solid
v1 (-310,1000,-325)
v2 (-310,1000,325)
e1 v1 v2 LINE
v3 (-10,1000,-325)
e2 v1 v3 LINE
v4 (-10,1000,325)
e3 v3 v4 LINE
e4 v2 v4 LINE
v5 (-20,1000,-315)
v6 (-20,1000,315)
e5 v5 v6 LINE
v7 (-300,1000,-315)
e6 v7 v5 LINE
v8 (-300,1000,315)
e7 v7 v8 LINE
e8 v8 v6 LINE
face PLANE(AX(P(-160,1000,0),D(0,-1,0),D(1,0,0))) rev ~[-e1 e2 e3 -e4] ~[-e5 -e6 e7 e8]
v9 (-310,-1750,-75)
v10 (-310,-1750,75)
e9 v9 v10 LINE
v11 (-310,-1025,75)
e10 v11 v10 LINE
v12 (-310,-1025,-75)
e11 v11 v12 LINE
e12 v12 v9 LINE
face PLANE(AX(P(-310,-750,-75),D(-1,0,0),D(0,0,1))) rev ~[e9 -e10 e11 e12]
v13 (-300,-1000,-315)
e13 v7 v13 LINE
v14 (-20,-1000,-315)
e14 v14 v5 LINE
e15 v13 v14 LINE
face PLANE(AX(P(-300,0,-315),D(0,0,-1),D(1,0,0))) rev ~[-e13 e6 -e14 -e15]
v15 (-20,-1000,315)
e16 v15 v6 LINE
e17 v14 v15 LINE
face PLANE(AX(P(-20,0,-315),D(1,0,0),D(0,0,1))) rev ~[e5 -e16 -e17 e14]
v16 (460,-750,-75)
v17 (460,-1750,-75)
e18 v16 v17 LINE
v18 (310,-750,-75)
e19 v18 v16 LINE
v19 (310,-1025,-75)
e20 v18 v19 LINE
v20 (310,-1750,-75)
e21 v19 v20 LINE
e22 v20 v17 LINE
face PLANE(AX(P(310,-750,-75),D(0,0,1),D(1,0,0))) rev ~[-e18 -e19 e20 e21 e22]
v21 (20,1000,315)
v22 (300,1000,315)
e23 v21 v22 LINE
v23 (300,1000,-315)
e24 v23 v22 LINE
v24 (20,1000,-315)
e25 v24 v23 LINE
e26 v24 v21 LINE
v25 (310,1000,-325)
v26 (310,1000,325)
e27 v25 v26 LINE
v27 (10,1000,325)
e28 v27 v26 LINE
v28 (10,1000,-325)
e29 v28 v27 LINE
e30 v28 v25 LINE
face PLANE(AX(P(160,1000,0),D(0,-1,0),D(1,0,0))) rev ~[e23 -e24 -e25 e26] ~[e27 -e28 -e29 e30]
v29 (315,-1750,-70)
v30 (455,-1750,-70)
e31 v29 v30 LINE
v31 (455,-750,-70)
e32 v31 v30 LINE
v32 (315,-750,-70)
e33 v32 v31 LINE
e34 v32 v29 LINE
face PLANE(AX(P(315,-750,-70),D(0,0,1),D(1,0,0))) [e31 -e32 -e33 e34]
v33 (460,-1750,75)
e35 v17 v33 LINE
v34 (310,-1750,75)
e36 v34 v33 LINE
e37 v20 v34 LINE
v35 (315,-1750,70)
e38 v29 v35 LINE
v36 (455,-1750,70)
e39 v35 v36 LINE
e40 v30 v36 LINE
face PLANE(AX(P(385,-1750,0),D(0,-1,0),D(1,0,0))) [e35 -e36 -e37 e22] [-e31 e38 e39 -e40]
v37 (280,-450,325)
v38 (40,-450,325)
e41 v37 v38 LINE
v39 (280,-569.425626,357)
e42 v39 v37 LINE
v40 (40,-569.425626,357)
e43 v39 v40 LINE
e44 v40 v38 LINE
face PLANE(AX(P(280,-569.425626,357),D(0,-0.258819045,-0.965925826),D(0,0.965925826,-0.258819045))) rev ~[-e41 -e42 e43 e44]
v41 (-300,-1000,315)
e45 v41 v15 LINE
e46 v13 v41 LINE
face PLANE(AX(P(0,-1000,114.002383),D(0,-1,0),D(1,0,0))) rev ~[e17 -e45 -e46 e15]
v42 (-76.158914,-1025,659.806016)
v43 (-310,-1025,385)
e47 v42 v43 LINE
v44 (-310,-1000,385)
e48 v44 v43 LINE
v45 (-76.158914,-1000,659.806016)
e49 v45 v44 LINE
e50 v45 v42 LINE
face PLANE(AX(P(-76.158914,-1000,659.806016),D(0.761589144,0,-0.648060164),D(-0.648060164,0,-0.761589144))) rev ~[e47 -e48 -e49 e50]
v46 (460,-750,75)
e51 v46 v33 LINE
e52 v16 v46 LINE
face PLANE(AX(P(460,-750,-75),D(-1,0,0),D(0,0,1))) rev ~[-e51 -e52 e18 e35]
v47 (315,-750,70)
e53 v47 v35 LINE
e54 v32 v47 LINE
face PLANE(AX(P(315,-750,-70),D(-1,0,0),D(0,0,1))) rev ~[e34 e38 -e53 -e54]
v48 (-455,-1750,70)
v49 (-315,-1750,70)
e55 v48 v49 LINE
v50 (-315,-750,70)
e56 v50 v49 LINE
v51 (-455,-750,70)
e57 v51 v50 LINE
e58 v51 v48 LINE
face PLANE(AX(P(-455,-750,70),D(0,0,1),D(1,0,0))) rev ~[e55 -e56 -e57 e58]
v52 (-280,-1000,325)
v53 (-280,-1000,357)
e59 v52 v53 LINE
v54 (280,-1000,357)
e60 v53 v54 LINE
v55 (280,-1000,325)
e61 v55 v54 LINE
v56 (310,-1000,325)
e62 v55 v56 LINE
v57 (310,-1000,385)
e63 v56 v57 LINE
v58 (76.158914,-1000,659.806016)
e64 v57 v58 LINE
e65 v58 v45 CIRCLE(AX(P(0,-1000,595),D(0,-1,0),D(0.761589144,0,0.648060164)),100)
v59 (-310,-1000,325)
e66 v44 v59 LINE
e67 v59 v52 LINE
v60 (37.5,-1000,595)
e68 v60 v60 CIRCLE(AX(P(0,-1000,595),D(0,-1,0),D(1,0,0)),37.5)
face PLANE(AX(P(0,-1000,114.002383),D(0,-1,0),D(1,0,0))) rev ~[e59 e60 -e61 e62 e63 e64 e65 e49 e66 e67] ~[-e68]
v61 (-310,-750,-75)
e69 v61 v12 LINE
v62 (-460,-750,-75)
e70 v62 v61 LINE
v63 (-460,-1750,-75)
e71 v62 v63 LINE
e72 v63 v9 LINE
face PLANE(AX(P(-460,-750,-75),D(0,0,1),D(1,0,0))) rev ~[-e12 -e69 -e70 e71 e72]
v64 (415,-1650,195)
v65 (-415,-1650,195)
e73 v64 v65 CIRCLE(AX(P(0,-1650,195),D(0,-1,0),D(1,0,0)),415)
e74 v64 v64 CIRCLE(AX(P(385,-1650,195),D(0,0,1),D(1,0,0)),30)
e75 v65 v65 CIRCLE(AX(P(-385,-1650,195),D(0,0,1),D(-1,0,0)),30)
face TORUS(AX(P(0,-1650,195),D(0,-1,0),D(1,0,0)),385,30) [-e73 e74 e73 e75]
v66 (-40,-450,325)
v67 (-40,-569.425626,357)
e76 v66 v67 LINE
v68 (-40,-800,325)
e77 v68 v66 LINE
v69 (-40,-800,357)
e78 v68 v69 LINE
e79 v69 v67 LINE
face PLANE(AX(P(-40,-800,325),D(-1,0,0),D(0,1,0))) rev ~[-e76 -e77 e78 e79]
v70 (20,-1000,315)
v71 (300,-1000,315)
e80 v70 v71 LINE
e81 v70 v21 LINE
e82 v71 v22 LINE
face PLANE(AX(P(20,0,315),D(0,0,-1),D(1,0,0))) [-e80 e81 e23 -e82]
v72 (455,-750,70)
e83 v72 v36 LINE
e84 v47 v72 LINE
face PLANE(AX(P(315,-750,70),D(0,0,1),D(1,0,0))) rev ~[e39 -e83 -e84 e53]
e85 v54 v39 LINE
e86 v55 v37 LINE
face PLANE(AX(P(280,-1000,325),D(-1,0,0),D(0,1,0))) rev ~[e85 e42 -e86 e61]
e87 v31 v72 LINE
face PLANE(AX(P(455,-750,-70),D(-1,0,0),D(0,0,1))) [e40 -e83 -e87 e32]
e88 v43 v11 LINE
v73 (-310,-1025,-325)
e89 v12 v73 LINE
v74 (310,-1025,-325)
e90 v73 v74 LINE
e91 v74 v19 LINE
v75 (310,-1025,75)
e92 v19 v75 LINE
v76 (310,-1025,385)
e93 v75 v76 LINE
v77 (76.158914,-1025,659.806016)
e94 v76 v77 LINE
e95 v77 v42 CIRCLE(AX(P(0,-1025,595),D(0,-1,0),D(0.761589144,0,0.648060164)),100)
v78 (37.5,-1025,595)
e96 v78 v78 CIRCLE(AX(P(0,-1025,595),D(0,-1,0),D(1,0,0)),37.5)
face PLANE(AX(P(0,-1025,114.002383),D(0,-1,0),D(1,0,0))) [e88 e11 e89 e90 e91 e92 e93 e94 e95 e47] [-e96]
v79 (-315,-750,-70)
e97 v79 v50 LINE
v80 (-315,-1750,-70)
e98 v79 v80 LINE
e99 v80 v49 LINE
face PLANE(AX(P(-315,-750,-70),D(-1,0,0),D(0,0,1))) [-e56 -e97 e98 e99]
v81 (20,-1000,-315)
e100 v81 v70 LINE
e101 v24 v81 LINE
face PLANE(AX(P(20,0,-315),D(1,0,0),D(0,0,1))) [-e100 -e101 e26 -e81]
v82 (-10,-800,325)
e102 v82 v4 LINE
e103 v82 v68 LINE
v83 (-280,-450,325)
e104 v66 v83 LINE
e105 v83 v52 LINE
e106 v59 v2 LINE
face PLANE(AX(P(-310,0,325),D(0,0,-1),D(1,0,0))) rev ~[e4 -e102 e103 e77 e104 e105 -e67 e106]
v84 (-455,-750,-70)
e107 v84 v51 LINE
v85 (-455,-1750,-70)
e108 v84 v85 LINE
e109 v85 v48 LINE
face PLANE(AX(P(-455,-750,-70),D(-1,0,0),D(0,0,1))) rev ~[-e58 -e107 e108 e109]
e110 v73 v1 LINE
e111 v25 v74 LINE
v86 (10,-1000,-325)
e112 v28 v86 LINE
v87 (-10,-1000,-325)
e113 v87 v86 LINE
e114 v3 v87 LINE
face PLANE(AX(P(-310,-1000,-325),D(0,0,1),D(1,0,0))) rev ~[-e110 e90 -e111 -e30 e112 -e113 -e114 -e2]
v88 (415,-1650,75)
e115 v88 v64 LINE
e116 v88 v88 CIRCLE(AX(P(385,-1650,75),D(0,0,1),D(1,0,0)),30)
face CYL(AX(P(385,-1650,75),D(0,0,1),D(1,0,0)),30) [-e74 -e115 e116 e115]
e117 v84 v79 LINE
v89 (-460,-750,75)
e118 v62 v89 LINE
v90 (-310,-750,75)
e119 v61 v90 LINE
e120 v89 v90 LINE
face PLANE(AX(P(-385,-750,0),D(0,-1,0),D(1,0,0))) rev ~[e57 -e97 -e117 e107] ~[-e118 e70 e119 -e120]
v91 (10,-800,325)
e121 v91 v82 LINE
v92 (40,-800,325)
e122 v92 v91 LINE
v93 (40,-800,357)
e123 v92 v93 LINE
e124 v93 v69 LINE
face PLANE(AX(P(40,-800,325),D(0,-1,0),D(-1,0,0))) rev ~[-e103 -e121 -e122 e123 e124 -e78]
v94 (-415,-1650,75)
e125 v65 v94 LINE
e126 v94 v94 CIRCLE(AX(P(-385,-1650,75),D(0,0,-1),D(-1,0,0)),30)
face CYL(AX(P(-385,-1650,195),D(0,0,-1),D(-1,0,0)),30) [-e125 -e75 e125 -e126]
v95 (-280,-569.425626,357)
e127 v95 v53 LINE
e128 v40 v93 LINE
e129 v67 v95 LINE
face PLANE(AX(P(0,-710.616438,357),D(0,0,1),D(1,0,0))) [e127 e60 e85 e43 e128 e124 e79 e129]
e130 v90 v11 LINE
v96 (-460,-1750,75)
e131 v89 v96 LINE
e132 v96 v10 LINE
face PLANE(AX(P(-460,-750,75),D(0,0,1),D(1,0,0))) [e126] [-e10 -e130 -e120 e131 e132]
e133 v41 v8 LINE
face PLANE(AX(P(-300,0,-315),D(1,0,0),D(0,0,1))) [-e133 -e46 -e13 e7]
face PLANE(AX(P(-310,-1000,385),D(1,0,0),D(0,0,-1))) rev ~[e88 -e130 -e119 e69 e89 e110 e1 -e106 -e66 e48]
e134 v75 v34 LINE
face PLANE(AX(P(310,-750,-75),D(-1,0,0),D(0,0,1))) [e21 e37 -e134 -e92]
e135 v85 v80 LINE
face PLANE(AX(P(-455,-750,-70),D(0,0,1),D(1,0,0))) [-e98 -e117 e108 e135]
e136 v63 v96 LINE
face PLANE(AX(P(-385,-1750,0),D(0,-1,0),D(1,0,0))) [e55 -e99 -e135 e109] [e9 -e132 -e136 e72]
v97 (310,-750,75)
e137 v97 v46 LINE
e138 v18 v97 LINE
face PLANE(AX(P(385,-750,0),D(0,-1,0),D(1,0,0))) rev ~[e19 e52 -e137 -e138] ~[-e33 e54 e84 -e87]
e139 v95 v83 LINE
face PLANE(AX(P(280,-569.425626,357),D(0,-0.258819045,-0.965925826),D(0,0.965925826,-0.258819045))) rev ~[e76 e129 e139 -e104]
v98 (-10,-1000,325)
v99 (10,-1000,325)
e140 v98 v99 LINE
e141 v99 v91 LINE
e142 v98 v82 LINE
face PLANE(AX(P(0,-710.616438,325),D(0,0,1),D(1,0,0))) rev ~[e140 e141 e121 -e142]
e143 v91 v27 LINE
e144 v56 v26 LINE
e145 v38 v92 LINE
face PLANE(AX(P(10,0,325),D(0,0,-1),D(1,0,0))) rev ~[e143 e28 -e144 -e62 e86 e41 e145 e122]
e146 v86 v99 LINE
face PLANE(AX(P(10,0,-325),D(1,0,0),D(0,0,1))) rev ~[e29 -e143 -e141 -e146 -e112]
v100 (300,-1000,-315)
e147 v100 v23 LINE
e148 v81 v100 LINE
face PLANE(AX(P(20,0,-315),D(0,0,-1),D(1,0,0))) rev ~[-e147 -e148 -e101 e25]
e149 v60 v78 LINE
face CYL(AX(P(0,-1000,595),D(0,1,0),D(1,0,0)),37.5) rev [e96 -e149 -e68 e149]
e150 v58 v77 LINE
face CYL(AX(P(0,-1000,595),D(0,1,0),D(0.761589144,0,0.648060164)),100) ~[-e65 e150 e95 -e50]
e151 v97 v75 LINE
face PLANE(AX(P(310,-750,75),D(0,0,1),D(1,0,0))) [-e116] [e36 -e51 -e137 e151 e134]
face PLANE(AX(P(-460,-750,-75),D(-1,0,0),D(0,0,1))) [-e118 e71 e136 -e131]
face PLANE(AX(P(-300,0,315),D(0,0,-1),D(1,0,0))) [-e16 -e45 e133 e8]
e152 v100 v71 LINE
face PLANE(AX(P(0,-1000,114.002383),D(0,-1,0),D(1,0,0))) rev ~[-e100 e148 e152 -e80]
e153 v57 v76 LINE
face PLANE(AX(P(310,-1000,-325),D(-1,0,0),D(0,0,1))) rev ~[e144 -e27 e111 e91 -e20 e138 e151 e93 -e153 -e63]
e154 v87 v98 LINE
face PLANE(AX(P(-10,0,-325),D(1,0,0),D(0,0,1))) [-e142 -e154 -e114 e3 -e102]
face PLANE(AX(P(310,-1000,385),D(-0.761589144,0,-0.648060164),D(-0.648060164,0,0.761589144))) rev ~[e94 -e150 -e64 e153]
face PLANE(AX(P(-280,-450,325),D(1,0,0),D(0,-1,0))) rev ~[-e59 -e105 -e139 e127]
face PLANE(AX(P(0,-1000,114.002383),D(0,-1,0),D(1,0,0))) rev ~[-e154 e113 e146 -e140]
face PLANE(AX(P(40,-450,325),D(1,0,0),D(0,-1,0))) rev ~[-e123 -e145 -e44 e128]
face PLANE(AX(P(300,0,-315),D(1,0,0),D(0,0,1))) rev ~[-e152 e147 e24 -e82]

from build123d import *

# Parameters (mm, degrees)
F0_W      = 300
F0_H      = 650
F0_W_2    = 280
F0_H_2    = 630
F1_DEPTH  = 1000
F3_DEPTH  = 32
F5_DEPTH  = 560
F6_R      = 37.5
F7_DEPTH  = 25
F10_W     = 150
F10_H     = 150
F10_W_2   = 140
F10_H_2   = 140
F11_DEPTH = 1000
F12_R     = 30


with BuildPart() as f1:
    # F0 (on Front) → F1 (new body, symmetric)
    with BuildSketch(Plane.XZ):
        with Locations((-160, 0)):
            Rectangle(F0_W, F0_H)
        with Locations((-160, 0)):
            Rectangle(F0_W_2, F0_H_2, mode=Mode.SUBTRACT)
    extrude(amount=F1_DEPTH, both=True)


with BuildPart() as f1b:
    # F0 (on Front) → F1, piece 2 (new body, symmetric)
    with BuildSketch(Plane.XZ):
        with Locations((160, 0)):
            Rectangle(F0_W, F0_H)
        with Locations((160, 0)):
            Rectangle(F0_W_2, F0_H_2, mode=Mode.SUBTRACT)
    extrude(amount=F1_DEPTH, both=True)


with BuildPart() as f3:
    # F2 (on face) → F3 (new body)
    with BuildSketch(Plane.XY.offset(325)):
        Polygon((-40, -450), (-280, -450), (-280, -1000), (280, -1000), (280, -450), (40, -450), (40, -800), (-40, -800), align=None)
    extrude(amount=F3_DEPTH)

    # F4 (on face) → F5 (cut, through all)
    with BuildSketch(Plane.YZ.offset(280)):
        Polygon((-569.4256258422, 357), (-450, 325), (-450, 357), align=None)
    extrude(amount=-F5_DEPTH, mode=Mode.SUBTRACT)


with BuildPart() as f7:
    # F6 (on face) → F7 (new body)
    with BuildSketch(Plane.XZ.offset(1000)):
        with BuildLine():
            Line((-310, -325), (310, -325))
            Line((310, -325), (310, 385))
            Line((310, 385), (76.1589143518, 659.8060164241))
            ThreePointArc((76.1589143518, 659.8060164241), (0, 695), (-76.1589143518, 659.8060164241))
            Line((-76.1589143518, 659.8060164241), (-310, 385))
            Line((-310, 385), (-310, -325))
        make_face()
        with Locations((0, 595)):
            Circle(F6_R, mode=Mode.SUBTRACT)
    extrude(amount=F7_DEPTH)


with BuildPart() as f1_1:
    add(f1.part)

    # F8: union F1b, F3, F7
    add(f1b.part)
    add(f3.part)
    add(f7.part)

    # F10 (on offset) → F11 (join)
    with BuildSketch(Plane.XZ.offset(750)):
        with Locations((385, 0)):
            Rectangle(F10_W, F10_H)
        with Locations((385, 0)):
            Rectangle(F10_W_2, F10_H_2, mode=Mode.SUBTRACT)
        with Locations((-385, 0)):
            Rectangle(F10_W, F10_H)
        with Locations((-385, 0)):
            Rectangle(F10_W_2, F10_H_2, mode=Mode.SUBTRACT)
    extrude(amount=F11_DEPTH)

    # F15: sweep along a path in F14
    with BuildLine(Plane.XZ.offset(1650)) as f15_path:
        Line((385, 75), (385, 195))
        ThreePointArc((385, 195), (0, 580), (-385, 195))
        Line((-385, 195), (-385, 75))
    # F12 (on face) → F15 (sweep)
    with BuildSketch(Plane.XY.offset(75)):
        with Locations((385, -1650)):
            Circle(F12_R)
    sweep(path=f15_path.line)


solid = f1_1.part
